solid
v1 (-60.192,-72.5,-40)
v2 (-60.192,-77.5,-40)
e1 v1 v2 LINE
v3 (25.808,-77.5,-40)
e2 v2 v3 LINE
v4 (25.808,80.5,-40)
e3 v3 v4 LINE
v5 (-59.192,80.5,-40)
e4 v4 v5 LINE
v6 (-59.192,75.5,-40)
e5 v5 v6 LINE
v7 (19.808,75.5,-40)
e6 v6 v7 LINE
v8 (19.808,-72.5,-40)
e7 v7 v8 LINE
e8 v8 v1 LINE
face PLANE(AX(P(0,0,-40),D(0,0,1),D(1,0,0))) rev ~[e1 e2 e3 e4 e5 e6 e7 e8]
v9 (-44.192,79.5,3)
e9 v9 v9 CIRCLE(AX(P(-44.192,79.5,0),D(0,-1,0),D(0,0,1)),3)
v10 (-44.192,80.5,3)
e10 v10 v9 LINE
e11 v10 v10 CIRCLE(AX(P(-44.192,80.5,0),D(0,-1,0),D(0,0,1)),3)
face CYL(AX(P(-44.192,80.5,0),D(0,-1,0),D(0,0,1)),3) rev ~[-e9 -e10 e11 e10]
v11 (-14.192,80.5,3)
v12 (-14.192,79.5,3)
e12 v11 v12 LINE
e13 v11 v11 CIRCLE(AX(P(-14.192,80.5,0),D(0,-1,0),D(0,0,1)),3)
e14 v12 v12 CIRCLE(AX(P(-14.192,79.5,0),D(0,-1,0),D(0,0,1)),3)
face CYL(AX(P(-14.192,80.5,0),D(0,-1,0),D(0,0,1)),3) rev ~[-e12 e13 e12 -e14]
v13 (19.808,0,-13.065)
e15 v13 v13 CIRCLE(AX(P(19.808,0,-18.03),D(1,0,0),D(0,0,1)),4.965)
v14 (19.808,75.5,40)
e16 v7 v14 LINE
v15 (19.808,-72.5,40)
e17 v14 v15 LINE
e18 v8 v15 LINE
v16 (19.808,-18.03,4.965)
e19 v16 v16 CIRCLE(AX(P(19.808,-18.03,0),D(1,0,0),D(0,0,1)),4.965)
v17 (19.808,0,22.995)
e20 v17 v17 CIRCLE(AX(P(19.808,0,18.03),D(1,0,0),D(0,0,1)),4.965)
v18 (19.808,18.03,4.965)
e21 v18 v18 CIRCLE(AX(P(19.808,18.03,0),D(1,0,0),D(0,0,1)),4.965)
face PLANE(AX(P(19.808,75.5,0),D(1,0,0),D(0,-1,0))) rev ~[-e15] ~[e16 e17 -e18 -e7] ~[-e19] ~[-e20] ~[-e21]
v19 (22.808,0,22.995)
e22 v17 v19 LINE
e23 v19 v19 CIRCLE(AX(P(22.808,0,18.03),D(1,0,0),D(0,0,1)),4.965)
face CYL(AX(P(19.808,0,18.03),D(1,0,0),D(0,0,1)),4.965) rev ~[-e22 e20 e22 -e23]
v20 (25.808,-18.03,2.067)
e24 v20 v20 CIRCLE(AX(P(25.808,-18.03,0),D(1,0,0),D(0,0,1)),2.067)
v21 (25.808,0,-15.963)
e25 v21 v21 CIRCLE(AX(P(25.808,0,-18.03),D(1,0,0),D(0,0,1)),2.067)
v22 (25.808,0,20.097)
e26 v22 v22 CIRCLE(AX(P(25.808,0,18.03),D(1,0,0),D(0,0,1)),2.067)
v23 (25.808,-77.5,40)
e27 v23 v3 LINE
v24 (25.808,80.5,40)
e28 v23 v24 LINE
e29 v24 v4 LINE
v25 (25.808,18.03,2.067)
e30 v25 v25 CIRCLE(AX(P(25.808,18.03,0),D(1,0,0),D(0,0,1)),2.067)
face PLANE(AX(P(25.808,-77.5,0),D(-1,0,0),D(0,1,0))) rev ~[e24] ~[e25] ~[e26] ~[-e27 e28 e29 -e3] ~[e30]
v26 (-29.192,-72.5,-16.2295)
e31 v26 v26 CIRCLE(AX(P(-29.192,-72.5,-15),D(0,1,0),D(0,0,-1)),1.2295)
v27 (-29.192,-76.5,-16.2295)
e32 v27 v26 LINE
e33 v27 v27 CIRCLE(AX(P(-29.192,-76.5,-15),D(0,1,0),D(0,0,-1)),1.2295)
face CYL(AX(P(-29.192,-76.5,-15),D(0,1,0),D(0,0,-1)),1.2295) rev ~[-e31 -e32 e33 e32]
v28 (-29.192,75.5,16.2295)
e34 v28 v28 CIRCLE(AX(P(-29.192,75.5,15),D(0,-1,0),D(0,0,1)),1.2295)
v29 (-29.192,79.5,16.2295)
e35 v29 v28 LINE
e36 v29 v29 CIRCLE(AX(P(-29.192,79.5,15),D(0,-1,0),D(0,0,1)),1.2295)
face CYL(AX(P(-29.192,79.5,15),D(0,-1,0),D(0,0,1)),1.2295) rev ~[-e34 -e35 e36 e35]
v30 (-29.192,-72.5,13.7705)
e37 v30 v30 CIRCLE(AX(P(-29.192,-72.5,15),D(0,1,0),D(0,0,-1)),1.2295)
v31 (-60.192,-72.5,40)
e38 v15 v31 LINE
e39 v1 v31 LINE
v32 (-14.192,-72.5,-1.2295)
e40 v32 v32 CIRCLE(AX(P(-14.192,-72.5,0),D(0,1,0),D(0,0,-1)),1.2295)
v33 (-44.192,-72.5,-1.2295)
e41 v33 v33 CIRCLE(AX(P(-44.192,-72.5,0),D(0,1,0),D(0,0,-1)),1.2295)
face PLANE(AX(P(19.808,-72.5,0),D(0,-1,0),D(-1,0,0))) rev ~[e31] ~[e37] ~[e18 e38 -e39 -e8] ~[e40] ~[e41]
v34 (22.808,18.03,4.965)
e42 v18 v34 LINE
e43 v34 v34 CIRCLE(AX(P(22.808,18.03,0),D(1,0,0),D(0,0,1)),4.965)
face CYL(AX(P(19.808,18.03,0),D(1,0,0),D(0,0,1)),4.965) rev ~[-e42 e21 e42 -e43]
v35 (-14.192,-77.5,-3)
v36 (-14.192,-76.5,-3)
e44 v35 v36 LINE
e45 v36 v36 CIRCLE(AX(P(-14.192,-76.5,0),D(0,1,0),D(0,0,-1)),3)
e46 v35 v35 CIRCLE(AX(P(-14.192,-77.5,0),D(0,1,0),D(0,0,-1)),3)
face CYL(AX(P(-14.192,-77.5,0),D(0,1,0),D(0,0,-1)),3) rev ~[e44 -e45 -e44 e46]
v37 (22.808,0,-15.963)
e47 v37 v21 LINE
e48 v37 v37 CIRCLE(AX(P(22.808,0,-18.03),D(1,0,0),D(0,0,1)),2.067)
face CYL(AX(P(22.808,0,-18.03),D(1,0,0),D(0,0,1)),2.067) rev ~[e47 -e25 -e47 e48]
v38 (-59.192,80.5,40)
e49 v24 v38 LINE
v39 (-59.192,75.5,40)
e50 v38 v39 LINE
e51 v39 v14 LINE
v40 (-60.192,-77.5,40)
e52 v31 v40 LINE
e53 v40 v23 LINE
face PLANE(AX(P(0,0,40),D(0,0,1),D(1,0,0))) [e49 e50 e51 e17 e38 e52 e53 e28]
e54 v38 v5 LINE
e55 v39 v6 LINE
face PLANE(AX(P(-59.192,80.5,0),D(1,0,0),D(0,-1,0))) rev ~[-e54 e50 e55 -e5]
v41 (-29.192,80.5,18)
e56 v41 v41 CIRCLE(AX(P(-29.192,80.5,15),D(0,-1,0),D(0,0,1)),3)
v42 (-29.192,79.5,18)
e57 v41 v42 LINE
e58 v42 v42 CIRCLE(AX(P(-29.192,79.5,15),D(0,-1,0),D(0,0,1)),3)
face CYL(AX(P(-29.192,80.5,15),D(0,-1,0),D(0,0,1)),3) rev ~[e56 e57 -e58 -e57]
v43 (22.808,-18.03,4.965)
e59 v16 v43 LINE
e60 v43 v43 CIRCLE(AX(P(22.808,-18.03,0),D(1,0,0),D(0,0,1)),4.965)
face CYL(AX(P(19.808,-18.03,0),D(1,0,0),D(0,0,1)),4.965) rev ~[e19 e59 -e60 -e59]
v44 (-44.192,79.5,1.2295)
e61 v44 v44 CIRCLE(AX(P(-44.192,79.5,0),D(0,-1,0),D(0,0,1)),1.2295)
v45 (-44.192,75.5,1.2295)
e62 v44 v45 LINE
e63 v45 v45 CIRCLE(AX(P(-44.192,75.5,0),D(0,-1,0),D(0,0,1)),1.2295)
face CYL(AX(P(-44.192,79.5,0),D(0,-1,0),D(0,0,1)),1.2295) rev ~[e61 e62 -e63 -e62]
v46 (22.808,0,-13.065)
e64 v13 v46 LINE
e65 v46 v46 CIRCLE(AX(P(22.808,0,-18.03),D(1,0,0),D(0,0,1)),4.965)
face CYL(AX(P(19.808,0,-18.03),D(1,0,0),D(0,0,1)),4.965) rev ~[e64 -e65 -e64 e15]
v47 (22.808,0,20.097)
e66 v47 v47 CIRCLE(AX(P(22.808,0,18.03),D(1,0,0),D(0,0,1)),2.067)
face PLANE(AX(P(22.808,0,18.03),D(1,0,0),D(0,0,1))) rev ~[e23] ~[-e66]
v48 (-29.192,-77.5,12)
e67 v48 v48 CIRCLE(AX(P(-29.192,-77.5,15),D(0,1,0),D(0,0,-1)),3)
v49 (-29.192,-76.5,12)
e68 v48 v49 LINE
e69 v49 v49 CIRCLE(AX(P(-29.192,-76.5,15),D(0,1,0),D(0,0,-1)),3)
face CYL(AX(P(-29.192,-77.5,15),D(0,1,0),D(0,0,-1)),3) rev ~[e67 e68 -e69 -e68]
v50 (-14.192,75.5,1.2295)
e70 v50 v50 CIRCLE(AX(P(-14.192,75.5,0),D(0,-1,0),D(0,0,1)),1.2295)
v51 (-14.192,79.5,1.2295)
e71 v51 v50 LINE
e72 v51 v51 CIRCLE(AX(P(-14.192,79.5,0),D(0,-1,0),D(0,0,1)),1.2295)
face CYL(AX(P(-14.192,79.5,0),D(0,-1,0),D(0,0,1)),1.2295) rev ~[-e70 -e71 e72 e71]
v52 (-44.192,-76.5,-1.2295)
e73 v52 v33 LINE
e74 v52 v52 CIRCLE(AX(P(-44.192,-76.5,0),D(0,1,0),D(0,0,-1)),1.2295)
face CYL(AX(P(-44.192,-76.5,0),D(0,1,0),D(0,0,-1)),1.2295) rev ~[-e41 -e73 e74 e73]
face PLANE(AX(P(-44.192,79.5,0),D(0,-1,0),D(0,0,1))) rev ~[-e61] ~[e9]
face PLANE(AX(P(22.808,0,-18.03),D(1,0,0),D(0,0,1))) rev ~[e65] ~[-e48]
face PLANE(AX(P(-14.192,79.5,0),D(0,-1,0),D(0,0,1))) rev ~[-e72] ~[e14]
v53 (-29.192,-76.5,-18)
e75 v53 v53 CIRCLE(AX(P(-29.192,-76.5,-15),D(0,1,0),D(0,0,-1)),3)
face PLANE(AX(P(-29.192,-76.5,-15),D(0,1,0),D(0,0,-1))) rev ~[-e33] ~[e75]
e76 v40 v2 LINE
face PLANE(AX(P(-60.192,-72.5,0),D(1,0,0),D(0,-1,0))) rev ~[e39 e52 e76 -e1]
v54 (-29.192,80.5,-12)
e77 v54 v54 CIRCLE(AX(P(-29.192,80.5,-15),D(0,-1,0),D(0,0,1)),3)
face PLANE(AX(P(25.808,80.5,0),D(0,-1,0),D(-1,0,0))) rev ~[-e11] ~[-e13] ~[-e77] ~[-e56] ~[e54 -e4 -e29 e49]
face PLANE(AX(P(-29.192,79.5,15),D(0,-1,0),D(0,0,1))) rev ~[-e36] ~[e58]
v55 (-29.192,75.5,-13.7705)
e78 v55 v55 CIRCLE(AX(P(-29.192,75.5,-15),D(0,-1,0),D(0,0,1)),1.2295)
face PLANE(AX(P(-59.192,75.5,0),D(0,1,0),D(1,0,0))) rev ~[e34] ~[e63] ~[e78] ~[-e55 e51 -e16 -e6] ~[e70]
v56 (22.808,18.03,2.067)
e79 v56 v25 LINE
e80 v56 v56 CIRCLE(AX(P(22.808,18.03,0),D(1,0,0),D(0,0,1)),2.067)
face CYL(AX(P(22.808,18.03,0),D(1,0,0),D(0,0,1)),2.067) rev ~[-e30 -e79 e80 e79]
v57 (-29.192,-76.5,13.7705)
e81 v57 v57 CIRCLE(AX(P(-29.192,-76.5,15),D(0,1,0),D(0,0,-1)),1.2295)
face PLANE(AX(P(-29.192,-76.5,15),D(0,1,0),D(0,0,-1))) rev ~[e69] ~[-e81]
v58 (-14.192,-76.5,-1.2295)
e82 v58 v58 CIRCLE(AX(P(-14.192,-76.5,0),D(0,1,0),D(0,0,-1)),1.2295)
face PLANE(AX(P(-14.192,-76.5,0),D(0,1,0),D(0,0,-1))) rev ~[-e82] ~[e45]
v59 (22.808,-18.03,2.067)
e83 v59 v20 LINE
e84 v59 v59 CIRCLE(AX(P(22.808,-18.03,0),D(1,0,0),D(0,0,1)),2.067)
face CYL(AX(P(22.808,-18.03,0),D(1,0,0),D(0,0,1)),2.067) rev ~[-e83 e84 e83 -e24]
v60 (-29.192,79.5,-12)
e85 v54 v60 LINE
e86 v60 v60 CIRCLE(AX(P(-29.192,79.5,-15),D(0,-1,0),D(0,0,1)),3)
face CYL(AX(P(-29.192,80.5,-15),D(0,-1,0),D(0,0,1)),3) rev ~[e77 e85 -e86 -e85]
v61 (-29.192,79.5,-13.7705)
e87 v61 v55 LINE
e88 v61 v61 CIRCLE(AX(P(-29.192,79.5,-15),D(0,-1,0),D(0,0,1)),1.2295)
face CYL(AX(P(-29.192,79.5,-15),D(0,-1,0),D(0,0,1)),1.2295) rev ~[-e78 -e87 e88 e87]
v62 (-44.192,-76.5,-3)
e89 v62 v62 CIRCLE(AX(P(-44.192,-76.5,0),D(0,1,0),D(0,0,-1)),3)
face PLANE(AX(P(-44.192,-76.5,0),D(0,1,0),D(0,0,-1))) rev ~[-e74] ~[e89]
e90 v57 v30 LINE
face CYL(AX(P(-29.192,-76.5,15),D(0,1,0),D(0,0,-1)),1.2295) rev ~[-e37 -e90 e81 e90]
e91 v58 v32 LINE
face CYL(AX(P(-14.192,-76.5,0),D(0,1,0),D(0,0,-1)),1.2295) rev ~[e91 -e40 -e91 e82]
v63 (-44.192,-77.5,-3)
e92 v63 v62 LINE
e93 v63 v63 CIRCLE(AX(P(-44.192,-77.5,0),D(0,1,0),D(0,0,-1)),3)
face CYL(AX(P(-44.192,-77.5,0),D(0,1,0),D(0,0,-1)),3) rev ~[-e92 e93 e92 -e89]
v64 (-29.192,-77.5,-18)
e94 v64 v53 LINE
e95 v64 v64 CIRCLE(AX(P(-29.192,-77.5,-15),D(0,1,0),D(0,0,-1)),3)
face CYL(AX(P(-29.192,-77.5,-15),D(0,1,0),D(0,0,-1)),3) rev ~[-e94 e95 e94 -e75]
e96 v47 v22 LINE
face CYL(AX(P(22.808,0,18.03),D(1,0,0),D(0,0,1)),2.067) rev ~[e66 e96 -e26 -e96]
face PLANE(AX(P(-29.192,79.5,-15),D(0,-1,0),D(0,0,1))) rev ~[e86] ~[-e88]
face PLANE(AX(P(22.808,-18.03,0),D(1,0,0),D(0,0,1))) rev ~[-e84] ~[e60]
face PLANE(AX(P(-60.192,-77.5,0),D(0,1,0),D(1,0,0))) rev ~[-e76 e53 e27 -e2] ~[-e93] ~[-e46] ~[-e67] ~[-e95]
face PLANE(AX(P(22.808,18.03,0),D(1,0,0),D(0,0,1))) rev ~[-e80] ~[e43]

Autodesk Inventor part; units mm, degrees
ref_plane "YZ Plane" through (0, 0, 0) normal (1, 0, 0) x (0, 1, 0)
ref_plane "XZ Plane" through (0, 0, 0) normal (0, 1, 0) x (-1, 0, 0)
ref_plane "XY Plane" through (0, 0, 0) normal (0, 0, 1) x (1, 0, 0)
sketch "Sketch1" plane through (0, 0, 0) normal (0, 0, 1) x (1, 0, 0)
  line L0 (19.808, 75.5) -> (19.808, -72.5)
  line L1 (19.808, 75.5) -> (167.808, 75.5) construction
  line L2 (19.808, -72.5) -> (-60.192, -72.5)
  line L3 (-60.192, -72.5) -> (-60.192, -77.5)
  line L4 (-60.192, -72.5) -> (-55.192, -72.5) construction
  line L5 (-60.192, -77.5) -> (25.808, -77.5)
  line L6 (25.808, -77.5) -> (25.808, 80.5)
  line L7 (25.808, 80.5) -> (-59.192, 80.5)
  line L8 (-59.192, 80.5) -> (-59.192, 75.5)
  line L9 (-59.192, 75.5) -> (19.808, 75.5)
  point P0 (0, 0)
  dimension "d0" = 148
  dimension "d1" = 90
  dimension "d2" = 80
  dimension "d3" = 90
  dimension "d4" = 5
  dimension "d5" = 90
  dimension "d6" = 86
  dimension "d7" = 90
  dimension "d8" = 158
  dimension "d9" = 90
  dimension "d10" = 85
  dimension "d11" = 90
  dimension "d12" = 5
  dimension "d13" = 90
  dimension "d45" = 72.5
extrude "Extrusion1" add sketch "Sketch1" along normal mid plane 80
sketch "Sketch3" plane through (-59.192, 80.5, 40) normal (0, 1, 0) x (1, 0, 0)
  line L0 (60, 80) -> (0, 80)
  line L1 (30, 80) -> (30, 0) construction
  line L2 (60, 0) -> (0, 0)
  line L3 (30, 80) -> (120, 80) construction
  line L4 (85, 80) -> (85, 0) projected
  line L5 (85, 0) -> (0, 0) projected
  line L6 (0, 80) -> (85, 80) projected
  point P0 (59.817, 40)
  point P1 (15, 40)
  point P2 (30, 40)
  point P3 (30, 25)
  point P4 (45, 40)
  point P5 (30, 55)
  dimension "d30" = 90
  dimension "d31" = 55
  dimension "d32" = 40
  dimension "d33" = 15
  dimension "d36" = 360
hole "Hole2" at (-14.192, 80.5, 0) at (-29.192, 80.5, 15) at (-44.192, 80.5, 0) at (-29.192, 80.5, -15) direction (0, -1, 0) diameter 2.459 depth 5 counterbore diameter 6 counterbore depth 1 thread size "M3x0.5" class "6H" standard "ANSI Metric M Profile"
sketch "Sketch5" plane through (-60.192, -77.5, 40) normal (0, -1, 0) x (1, 0, 0)
  line L0 (31, -80) -> (31, 0) construction
  line L1 (31, -80) -> (111, -80) construction
  line L2 (86, -80) -> (86, 0) projected
  line L3 (0, 0) -> (86, 0) projected
  line L4 (86, -80) -> (0, -80) projected
  point P0 (60.192, -40)
  point P1 (31, -40)
  point P2 (16, -40)
  point P3 (31, -55)
  point P4 (46, -40)
  point P5 (31, -25)
  dimension "d48" = 90
  dimension "d49" = 55
  dimension "d50" = 15
  dimension "d53" = 360
hole "Hole3" at (-29.192, -77.5, 15) at (-29.192, -77.5, -15) at (-44.192, -77.5, 0) at (-14.192, -77.5, 0) direction (0, 1, 0) diameter 2.459 depth 5 counterbore diameter 6 counterbore depth 1 thread size "M3x0.5" class "6H" standard "ANSI Metric M Profile"
sketch "Sketch6" plane through (19.808, -72.5, 40) normal (-1, 0, 0) x (0, 0, 1)
  point P0 (-40, 72.5)
  point P1 (-40, 90.53)
  point P2 (-58.03, 72.5)
  point P3 (-40, 54.47)
  point P4 (-21.97, 72.5)
  dimension "d62" = 18.03
  dimension "d65" = 360
hole "Hole4" at (19.808, 0, -18.03) at (19.808, -18.03, 0) at (19.808, 0, 18.03) at (19.808, 18.03, 0) direction (1, 0, 0) diameter 4.134 end through all counterbore diameter 9.93 counterbore depth 3 thread size "M5x0.8" class "6H" standard "ANSI Metric M Profile"
properties part number "sidebracket"
